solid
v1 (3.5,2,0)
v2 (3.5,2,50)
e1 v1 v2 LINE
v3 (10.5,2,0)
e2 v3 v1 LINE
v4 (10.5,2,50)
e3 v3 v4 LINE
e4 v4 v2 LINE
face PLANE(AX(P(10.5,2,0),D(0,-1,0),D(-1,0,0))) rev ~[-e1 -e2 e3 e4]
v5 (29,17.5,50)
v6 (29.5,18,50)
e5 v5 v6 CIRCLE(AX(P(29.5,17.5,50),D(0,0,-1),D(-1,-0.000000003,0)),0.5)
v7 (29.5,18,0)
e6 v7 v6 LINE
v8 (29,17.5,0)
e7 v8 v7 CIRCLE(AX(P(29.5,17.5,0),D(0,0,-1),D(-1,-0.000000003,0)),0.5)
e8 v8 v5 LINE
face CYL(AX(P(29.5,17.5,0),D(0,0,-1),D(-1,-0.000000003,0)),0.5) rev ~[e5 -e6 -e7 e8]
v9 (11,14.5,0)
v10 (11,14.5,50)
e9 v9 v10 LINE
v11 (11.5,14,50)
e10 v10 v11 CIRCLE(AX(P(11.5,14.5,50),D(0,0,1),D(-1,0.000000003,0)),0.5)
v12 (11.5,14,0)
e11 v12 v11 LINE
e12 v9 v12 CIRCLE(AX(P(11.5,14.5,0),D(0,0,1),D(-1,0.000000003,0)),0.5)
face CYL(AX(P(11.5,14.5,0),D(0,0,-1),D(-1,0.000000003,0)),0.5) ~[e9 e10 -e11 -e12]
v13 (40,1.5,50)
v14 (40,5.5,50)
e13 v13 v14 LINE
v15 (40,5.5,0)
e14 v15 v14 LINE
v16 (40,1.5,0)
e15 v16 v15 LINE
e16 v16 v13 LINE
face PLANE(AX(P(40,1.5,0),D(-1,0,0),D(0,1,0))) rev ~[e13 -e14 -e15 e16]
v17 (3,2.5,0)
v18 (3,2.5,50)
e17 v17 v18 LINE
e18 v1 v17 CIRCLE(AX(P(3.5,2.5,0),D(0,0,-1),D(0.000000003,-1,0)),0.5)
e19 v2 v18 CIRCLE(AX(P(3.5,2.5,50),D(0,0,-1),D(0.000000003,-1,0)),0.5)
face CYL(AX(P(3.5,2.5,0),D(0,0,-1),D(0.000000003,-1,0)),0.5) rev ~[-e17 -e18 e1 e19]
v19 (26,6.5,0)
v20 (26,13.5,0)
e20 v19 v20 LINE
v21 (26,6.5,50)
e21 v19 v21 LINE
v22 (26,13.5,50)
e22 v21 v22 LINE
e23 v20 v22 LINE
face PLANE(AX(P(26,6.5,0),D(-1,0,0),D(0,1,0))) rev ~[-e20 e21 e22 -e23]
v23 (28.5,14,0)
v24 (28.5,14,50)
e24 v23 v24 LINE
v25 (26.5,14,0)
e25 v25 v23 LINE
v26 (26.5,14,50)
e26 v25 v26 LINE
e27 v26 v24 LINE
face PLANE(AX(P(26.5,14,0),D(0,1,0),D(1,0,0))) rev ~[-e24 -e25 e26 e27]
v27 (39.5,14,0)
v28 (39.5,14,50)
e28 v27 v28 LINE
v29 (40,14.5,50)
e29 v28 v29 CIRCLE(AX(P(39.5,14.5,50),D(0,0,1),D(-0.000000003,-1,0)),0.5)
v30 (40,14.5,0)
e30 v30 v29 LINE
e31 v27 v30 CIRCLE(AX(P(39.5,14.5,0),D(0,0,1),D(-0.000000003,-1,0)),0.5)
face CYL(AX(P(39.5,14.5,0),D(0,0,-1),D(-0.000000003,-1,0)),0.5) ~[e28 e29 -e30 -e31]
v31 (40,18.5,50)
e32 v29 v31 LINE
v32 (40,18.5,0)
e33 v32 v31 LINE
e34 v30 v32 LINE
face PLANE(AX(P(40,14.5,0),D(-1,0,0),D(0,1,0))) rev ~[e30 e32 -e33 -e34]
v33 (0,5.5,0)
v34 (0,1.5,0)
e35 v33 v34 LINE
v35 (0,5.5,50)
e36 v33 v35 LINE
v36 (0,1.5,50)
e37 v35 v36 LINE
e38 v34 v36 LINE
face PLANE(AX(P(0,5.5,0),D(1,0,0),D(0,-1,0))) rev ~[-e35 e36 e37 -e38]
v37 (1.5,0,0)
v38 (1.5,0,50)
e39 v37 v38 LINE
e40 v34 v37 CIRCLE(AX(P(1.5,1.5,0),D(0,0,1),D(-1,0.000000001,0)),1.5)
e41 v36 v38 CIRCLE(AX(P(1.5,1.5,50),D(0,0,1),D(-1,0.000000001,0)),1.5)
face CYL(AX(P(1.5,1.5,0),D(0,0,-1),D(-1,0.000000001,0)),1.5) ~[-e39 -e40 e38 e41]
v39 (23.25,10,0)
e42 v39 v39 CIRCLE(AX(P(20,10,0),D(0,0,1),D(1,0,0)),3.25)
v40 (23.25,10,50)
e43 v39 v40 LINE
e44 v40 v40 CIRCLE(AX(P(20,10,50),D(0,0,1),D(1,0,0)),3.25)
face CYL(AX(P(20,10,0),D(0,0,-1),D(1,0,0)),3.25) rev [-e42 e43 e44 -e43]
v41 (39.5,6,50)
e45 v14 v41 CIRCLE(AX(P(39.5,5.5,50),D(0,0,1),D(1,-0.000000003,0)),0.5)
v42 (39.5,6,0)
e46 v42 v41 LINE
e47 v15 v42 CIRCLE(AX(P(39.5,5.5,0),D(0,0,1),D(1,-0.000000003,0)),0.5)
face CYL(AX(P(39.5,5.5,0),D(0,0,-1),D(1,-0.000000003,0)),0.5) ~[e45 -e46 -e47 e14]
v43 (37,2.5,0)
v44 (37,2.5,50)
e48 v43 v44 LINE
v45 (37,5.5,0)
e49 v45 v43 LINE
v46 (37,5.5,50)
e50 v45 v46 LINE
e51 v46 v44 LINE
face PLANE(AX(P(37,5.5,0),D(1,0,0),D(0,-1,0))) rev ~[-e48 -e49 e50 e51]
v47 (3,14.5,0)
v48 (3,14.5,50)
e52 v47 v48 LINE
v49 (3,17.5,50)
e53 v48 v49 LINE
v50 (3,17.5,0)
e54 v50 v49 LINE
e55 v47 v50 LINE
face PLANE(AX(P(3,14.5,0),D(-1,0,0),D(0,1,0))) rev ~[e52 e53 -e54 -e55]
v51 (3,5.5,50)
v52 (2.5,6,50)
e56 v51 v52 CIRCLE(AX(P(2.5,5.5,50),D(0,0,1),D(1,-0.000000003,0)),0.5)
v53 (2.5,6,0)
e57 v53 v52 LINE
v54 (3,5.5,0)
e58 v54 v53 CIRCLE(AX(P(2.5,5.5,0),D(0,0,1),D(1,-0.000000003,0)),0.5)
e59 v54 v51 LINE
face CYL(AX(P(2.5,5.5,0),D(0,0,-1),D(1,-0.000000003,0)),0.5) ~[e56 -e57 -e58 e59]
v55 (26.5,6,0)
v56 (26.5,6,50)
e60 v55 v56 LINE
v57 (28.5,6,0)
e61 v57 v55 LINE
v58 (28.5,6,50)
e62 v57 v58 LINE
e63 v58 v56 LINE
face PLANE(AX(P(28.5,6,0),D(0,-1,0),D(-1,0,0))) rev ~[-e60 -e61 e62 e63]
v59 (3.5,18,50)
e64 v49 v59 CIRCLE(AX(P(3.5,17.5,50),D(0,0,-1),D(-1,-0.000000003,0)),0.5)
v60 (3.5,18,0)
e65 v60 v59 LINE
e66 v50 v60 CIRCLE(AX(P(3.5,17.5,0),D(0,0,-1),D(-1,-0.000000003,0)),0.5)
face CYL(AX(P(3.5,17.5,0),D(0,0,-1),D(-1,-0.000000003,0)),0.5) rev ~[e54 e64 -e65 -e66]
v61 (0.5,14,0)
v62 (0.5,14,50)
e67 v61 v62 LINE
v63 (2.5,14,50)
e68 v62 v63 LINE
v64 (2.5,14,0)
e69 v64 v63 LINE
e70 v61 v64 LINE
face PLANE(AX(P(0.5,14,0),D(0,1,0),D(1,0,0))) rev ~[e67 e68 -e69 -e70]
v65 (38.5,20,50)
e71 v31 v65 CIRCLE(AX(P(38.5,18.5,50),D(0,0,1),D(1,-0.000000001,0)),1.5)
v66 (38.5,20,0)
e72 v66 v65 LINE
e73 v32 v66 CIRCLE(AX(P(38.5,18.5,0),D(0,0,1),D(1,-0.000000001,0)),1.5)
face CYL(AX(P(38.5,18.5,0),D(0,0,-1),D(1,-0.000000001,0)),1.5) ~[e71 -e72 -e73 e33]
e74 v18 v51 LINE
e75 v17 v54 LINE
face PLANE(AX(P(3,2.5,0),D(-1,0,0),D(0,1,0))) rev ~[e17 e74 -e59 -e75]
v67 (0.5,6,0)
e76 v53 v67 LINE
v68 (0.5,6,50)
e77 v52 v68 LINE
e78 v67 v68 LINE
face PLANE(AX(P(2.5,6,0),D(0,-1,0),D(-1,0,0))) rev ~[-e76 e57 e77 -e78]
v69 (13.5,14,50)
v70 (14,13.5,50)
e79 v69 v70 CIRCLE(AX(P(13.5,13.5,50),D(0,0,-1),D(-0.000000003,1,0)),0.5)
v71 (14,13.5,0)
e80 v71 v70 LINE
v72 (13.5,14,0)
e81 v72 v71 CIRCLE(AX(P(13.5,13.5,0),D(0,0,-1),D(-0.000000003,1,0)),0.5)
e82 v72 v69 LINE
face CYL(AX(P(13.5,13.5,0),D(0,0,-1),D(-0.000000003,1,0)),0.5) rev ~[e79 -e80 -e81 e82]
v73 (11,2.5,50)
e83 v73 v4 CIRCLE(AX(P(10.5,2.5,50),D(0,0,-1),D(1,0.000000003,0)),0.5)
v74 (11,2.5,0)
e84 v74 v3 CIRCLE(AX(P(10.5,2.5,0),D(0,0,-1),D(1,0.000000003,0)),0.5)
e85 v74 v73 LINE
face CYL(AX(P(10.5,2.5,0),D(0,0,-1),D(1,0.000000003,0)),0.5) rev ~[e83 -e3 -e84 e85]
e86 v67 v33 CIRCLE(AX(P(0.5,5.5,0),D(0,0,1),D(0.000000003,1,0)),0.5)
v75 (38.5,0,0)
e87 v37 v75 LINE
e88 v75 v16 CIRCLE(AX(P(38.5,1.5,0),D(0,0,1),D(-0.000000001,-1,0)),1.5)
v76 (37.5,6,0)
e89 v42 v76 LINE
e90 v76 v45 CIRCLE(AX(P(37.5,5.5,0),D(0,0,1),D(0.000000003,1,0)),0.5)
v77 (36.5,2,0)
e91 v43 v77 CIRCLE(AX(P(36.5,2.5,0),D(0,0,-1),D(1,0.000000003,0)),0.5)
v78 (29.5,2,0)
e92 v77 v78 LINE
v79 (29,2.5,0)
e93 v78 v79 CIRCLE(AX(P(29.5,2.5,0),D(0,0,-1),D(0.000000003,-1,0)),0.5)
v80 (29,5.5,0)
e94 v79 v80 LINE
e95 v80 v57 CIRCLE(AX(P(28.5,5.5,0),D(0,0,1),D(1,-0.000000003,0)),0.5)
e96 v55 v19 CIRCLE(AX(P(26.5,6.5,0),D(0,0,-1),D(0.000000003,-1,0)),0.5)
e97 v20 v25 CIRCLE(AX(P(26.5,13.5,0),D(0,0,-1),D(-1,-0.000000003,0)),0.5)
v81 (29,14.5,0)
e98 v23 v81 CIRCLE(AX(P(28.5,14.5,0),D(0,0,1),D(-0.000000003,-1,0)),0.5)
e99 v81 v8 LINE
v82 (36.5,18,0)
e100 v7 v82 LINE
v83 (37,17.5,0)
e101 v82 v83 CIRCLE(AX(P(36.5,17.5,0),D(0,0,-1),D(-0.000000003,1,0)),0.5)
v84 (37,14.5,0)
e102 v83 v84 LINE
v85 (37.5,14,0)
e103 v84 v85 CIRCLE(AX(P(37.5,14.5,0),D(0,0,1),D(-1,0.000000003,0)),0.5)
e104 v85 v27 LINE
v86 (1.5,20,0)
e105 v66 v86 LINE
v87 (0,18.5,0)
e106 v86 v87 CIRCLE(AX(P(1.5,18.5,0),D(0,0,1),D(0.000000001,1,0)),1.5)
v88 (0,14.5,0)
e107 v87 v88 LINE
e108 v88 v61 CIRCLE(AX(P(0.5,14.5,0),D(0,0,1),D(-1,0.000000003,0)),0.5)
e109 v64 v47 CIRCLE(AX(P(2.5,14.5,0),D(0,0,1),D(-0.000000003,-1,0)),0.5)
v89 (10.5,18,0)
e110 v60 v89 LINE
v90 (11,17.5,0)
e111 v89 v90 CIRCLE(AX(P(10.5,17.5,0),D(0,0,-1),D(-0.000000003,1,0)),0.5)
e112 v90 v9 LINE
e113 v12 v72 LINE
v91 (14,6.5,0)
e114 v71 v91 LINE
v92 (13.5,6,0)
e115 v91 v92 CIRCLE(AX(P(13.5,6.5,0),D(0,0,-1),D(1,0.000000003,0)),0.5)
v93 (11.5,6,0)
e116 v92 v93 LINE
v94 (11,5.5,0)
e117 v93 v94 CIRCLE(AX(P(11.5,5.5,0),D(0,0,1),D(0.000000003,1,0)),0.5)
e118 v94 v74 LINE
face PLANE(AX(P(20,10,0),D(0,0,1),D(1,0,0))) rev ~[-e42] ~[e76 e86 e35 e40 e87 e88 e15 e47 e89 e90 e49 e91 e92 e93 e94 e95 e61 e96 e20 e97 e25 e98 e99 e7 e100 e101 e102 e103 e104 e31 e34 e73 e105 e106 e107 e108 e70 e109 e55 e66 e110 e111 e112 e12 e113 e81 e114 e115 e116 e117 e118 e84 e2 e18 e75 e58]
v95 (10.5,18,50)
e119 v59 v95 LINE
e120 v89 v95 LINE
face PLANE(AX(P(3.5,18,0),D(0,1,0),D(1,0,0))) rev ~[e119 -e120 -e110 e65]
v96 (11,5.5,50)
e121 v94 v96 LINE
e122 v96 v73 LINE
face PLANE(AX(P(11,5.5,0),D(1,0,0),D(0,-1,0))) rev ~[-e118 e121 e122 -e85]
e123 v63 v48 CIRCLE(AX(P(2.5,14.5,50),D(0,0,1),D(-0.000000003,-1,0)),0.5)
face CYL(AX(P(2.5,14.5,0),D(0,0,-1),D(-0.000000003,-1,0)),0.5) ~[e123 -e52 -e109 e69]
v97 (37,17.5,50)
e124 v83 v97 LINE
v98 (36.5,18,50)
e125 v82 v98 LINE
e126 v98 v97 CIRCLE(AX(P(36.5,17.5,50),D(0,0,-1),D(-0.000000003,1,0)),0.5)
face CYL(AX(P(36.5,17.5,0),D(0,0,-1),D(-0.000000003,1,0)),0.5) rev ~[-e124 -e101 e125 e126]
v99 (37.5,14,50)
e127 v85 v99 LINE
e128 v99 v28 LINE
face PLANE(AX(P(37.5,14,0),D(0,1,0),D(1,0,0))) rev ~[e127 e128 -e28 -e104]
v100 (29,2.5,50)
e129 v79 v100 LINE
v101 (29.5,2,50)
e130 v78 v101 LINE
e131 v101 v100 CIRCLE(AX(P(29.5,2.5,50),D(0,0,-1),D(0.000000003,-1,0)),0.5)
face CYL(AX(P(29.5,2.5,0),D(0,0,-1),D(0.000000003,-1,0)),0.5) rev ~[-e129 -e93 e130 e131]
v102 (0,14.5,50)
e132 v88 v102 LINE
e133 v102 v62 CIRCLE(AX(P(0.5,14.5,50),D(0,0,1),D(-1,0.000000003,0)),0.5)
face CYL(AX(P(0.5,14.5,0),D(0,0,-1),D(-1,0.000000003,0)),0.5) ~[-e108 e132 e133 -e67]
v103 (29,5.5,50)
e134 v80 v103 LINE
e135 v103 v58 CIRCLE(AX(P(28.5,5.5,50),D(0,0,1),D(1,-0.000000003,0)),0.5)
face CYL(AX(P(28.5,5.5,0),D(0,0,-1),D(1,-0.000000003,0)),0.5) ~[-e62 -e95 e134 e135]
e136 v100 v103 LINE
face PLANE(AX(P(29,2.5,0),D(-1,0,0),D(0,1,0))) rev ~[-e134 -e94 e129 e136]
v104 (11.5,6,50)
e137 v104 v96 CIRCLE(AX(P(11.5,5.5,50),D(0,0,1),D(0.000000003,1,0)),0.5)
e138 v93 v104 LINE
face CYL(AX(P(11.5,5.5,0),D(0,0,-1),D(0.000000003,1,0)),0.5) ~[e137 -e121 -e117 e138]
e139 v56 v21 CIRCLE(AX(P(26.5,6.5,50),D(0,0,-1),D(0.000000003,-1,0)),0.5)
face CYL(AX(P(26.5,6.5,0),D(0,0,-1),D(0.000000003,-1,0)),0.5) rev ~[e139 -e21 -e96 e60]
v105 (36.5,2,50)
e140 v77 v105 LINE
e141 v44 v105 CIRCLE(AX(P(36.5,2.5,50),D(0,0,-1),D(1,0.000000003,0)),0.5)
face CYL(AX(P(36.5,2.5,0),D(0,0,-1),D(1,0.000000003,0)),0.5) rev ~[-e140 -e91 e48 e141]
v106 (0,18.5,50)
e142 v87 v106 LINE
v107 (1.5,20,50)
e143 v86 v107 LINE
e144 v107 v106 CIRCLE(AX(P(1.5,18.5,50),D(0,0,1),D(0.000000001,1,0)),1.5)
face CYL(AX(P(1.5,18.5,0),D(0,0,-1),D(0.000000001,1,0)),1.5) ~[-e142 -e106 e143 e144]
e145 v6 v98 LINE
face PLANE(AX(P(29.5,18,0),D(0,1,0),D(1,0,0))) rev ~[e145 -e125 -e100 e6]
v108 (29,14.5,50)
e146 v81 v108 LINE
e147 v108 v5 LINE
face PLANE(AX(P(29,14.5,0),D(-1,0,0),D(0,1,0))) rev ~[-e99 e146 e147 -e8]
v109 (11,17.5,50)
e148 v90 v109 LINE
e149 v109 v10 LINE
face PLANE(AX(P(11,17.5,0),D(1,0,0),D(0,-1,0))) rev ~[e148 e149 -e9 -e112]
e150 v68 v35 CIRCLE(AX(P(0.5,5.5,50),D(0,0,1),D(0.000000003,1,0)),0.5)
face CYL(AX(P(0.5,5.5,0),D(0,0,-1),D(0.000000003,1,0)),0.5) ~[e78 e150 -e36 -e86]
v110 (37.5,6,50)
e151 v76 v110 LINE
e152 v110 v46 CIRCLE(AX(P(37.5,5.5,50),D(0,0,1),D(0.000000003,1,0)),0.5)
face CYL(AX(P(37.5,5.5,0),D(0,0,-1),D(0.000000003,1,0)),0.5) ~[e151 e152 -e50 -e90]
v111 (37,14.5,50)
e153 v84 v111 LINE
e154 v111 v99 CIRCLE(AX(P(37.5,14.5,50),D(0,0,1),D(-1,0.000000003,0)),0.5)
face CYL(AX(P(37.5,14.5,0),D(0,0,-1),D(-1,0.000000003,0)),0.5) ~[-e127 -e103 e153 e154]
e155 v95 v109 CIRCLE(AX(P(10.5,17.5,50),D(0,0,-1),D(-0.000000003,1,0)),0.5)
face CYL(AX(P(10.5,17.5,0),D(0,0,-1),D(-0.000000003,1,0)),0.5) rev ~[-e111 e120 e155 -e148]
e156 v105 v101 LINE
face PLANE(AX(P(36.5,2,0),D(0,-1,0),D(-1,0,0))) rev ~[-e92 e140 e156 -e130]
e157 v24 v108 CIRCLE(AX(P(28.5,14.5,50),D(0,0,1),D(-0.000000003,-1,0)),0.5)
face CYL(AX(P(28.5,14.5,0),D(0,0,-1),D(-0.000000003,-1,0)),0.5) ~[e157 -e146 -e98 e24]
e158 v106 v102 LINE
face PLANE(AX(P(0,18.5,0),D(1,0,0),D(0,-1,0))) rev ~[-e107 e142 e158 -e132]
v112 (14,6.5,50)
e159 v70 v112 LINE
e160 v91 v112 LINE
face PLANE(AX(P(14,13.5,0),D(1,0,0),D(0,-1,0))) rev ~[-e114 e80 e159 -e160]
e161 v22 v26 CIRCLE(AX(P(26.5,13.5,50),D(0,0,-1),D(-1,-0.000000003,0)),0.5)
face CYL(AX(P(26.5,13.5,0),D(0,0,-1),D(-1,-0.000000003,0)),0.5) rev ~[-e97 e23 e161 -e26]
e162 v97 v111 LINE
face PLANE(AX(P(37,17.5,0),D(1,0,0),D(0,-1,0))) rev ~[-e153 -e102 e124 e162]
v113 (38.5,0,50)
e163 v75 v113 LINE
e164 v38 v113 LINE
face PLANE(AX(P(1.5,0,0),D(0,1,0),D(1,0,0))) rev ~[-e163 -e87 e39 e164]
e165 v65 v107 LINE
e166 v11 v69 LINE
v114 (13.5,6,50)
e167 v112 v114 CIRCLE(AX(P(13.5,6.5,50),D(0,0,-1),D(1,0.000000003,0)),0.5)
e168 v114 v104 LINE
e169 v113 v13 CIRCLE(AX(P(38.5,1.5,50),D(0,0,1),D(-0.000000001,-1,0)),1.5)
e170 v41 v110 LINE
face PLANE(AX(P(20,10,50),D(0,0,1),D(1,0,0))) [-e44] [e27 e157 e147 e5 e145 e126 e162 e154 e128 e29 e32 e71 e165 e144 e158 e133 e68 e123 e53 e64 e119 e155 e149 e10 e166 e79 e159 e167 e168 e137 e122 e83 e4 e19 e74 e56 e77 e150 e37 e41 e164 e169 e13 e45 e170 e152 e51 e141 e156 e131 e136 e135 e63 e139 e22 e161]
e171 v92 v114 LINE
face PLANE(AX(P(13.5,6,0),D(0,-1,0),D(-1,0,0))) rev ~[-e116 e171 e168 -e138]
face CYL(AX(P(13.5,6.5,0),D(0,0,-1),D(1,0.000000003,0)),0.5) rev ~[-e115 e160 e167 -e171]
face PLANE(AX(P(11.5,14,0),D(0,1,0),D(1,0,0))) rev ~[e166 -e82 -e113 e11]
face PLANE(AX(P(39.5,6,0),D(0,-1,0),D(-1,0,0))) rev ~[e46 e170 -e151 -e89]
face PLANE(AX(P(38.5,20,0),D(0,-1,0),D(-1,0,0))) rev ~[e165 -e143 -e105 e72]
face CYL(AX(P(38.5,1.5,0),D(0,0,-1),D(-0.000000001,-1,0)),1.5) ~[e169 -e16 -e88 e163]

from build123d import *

# Parameters (mm, degrees)
SKETCH1_R           = 3.25
BOSS_EXTRUDE1_DEPTH = 50


with BuildPart() as part:
    # Sketch1 → Boss-Extrude1 (new body)
    with BuildSketch(Plane.XY):
        with BuildLine():
            Line((1.5, 0), (38.5, 0))
            ThreePointArc((38.5, 0), (39.560660172, 0.439339828), (40, 1.5))
            Line((40, 1.5), (40, 5.5))
            ThreePointArc((40, 5.5), (39.853553391, 5.853553391), (39.5, 6))
            Line((39.5, 6), (37.5, 6))
            ThreePointArc((37.5, 6), (37.146446609, 5.853553391), (37, 5.5))
            Line((37, 5.5), (37, 2.5))
            ThreePointArc((37, 2.5), (36.853553391, 2.146446609), (36.5, 2))
            Line((36.5, 2), (29.5, 2))
            ThreePointArc((29.5, 2), (29.146446609, 2.146446609), (29, 2.5))
            Line((29, 2.5), (29, 5.5))
            ThreePointArc((29, 5.5), (28.853553391, 5.853553391), (28.5, 6))
            Line((28.5, 6), (26.5, 6))
            ThreePointArc((26.5, 6), (26.146446609, 6.146446609), (26, 6.5))
            Line((26, 6.5), (26, 13.5))
            ThreePointArc((26, 13.5), (26.146446609, 13.853553391), (26.5, 14))
            Line((26.5, 14), (28.5, 14))
            ThreePointArc((28.5, 14), (28.853553391, 14.146446609), (29, 14.5))
            Line((29, 14.5), (29, 17.5))
            ThreePointArc((29, 17.5), (29.146446609, 17.853553391), (29.5, 18))
            Line((29.5, 18), (36.5, 18))
            ThreePointArc((36.5, 18), (36.853553391, 17.853553391), (37, 17.5))
            Line((37, 17.5), (37, 14.5))
            ThreePointArc((37, 14.5), (37.146446609, 14.146446609), (37.5, 14))
            Line((37.5, 14), (39.5, 14))
            ThreePointArc((39.5, 14), (39.853553391, 14.146446609), (40, 14.5))
            Line((40, 14.5), (40, 18.5))
            ThreePointArc((40, 18.5), (39.560660172, 19.560660172), (38.5, 20))
            Line((38.5, 20), (1.5, 20))
            ThreePointArc((1.5, 20), (0.439339828, 19.560660172), (0, 18.5))
            Line((0, 18.5), (0, 14.5))
            ThreePointArc((0, 14.5), (0.146446609, 14.146446609), (0.5, 14))
            Line((0.5, 14), (2.5, 14))
            ThreePointArc((2.5, 14), (2.853553391, 14.146446609), (3, 14.5))
            Line((3, 14.5), (3, 17.5))
            ThreePointArc((3, 17.5), (3.146446609, 17.853553391), (3.5, 18))
            Line((3.5, 18), (10.5, 18))
            ThreePointArc((10.5, 18), (10.853553391, 17.853553391), (11, 17.5))
            Line((11, 17.5), (11, 14.5))
            ThreePointArc((11, 14.5), (11.146446609, 14.146446609), (11.5, 14))
            Line((11.5, 14), (13.5, 14))
            ThreePointArc((13.5, 14), (13.853553391, 13.853553391), (14, 13.5))
            Line((14, 13.5), (14, 6.5))
            ThreePointArc((14, 6.5), (13.853553391, 6.146446609), (13.5, 6))
            Line((13.5, 6), (11.5, 6))
            ThreePointArc((11.5, 6), (11.146446609, 5.853553391), (11, 5.5))
            Line((11, 5.5), (11, 2.5))
            ThreePointArc((11, 2.5), (10.853553391, 2.146446609), (10.5, 2))
            Line((10.5, 2), (3.5, 2))
            ThreePointArc((3.5, 2), (3.146446609, 2.146446609), (3, 2.5))
            Line((3, 2.5), (3, 5.5))
            ThreePointArc((3, 5.5), (2.853553391, 5.853553391), (2.5, 6))
            Line((2.5, 6), (0.5, 6))
            ThreePointArc((0.5, 6), (0.146446609, 5.853553391), (0, 5.5))
            Line((0, 5.5), (0, 1.5))
            ThreePointArc((0, 1.5), (0.439339828, 0.439339828), (1.5, 0))
        make_face()
        with Locations((20, 10)):
            Circle(SKETCH1_R, mode=Mode.SUBTRACT)
    extrude(amount=BOSS_EXTRUDE1_DEPTH)


solid = part.part
